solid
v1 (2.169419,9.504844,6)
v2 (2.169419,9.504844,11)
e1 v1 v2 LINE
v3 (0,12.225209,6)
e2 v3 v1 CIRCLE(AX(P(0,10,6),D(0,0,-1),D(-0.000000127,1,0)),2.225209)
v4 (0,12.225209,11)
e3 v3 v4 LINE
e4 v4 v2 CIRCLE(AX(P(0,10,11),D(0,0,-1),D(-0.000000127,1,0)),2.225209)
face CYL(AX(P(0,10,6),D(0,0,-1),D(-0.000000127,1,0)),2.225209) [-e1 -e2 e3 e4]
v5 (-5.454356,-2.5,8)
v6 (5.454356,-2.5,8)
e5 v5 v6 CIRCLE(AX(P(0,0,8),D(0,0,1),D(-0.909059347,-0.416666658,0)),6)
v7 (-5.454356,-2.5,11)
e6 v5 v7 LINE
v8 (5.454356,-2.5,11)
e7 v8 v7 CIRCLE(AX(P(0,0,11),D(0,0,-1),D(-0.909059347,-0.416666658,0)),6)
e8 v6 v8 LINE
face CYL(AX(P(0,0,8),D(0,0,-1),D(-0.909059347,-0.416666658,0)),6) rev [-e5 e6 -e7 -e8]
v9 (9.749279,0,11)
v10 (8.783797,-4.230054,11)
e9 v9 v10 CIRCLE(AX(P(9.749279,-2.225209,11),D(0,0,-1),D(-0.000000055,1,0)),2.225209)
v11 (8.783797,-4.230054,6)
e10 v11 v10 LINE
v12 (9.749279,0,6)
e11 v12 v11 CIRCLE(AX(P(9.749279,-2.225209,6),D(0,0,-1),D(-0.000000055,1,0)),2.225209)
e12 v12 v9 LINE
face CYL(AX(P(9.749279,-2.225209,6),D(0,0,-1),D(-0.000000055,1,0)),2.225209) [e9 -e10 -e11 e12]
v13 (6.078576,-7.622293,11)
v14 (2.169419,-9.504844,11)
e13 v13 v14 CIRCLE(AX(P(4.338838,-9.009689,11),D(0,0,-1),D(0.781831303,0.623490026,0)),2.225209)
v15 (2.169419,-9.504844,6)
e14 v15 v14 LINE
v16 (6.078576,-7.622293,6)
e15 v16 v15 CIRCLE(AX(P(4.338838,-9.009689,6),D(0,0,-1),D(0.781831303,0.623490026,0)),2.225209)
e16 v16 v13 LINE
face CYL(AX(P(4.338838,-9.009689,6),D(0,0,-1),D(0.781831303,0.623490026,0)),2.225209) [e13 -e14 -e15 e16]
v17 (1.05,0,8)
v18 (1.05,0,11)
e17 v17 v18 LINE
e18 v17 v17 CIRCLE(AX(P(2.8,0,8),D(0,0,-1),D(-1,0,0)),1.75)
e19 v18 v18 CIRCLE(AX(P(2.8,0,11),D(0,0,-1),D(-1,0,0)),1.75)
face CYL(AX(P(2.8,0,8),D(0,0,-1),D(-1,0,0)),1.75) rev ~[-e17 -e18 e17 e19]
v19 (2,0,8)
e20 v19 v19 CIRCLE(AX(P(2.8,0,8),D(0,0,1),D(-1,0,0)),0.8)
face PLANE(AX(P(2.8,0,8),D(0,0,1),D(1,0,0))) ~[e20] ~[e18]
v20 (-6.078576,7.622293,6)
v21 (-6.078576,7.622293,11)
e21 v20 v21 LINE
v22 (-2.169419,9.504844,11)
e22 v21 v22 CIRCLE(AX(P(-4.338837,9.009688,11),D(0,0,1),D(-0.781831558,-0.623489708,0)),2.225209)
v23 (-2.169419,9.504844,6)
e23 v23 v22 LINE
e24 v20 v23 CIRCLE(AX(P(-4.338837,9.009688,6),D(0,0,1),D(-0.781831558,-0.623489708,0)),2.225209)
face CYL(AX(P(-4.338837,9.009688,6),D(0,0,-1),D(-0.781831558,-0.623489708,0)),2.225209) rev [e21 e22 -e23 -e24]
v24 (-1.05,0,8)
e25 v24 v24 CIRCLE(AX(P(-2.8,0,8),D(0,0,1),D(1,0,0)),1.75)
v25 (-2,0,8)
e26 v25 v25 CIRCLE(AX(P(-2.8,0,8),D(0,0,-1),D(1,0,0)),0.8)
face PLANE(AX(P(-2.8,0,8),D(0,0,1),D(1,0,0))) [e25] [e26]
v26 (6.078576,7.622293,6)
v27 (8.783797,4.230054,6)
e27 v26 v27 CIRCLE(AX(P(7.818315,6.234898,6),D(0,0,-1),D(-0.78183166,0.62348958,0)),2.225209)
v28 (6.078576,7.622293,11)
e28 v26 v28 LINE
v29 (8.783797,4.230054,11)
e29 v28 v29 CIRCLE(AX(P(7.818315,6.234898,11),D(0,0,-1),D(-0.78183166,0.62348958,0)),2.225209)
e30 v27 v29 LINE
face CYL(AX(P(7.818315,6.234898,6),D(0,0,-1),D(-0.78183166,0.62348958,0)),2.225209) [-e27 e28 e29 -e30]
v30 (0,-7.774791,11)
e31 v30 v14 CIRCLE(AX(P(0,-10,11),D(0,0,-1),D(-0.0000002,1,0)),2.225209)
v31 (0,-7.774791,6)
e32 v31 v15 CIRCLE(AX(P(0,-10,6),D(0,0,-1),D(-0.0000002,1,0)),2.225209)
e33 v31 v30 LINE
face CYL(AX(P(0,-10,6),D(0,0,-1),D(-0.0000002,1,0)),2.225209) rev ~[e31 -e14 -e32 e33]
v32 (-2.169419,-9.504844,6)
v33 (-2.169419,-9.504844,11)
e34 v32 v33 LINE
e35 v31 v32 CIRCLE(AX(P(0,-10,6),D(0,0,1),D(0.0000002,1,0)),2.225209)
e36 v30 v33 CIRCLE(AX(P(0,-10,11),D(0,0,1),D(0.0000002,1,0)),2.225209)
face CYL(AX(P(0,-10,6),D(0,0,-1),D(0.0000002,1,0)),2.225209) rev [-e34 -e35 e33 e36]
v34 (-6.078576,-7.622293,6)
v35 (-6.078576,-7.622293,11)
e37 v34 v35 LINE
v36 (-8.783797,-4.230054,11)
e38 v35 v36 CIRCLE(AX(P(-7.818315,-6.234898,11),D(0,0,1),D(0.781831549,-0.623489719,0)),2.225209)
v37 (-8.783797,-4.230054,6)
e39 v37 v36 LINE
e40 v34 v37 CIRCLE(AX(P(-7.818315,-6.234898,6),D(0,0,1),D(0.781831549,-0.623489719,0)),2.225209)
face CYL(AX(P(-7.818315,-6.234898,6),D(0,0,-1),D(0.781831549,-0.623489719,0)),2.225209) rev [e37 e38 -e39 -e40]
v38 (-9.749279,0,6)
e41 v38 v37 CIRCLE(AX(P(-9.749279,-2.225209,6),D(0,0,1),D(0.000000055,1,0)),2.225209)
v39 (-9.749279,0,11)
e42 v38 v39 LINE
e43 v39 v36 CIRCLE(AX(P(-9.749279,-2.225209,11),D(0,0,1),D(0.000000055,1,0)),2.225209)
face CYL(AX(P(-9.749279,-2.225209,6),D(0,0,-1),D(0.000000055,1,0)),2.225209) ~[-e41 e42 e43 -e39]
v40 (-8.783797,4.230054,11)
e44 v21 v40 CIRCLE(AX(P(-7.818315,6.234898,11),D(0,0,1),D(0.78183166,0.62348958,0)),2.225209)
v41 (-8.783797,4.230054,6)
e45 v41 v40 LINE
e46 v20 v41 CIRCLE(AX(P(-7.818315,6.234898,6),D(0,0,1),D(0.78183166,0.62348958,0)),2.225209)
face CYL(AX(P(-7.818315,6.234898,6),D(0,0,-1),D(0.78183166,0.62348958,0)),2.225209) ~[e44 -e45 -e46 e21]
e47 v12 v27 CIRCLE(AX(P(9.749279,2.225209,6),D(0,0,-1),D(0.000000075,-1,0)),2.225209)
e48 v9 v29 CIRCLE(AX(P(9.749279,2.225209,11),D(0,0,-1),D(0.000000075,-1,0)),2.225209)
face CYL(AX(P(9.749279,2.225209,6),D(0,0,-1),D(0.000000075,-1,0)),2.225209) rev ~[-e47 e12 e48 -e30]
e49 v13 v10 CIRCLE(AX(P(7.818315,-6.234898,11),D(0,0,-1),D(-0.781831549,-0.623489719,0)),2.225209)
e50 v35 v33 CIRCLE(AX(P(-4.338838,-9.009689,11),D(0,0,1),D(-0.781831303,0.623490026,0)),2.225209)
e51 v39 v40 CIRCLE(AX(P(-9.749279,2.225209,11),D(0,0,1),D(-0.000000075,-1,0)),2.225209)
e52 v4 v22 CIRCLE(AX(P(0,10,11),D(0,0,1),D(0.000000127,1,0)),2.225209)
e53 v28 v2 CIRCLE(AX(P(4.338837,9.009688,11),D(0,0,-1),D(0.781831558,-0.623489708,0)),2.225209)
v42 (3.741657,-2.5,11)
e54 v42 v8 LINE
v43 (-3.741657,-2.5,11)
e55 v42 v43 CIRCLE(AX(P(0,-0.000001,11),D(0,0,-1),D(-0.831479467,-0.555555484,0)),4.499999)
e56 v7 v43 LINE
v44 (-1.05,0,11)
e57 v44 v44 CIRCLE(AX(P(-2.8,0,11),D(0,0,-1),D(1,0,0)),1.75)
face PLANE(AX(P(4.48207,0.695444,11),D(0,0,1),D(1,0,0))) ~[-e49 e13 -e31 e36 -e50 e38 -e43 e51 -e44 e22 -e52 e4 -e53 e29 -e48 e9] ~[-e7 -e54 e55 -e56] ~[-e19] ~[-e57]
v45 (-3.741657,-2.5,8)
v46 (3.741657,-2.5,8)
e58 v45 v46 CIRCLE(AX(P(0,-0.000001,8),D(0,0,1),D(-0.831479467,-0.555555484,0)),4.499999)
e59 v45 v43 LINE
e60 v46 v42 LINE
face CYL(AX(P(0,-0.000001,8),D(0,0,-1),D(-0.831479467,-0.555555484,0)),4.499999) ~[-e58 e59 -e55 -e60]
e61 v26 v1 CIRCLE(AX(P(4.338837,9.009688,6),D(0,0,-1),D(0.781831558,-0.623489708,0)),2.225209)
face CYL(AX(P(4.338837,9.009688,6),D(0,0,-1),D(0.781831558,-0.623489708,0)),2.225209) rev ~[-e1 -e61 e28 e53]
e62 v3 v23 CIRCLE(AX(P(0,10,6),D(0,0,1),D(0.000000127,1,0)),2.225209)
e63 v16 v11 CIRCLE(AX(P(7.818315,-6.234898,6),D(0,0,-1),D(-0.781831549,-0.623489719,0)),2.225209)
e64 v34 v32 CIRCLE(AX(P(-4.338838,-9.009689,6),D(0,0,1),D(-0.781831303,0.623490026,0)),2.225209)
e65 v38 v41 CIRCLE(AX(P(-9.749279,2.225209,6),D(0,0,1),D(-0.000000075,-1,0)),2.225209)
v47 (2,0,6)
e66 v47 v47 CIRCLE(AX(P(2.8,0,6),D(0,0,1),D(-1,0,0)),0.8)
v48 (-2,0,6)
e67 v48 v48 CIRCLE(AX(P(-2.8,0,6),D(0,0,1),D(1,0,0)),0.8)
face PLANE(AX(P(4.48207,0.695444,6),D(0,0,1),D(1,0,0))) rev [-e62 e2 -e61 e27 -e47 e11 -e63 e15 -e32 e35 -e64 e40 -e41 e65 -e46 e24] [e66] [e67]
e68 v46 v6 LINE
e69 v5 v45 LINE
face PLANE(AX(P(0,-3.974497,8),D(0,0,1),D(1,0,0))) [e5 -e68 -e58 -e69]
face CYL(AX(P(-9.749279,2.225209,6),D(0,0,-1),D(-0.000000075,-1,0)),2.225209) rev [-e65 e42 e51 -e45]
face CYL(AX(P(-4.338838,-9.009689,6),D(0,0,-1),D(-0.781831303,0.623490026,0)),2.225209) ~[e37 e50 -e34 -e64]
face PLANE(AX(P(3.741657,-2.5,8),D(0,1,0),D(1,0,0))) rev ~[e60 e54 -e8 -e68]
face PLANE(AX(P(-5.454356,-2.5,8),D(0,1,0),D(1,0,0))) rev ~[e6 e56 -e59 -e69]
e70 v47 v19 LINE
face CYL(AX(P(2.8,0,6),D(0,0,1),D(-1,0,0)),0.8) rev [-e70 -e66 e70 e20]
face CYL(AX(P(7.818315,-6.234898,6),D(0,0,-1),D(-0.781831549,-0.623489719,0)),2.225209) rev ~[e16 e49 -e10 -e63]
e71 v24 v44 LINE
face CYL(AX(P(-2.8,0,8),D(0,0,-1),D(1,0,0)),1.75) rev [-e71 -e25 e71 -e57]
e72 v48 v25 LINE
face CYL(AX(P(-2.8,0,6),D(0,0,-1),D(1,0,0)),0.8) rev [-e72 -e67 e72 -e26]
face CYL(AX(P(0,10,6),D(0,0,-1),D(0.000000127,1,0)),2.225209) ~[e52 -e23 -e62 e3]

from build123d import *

# Parameters (mm, degrees)
PAD004_DEPTH         = 5
SKETCH012_R          = 0.8
POCKET006_DEPTH      = 67.792744
POCKET006_DEPTH_BACK = 72.792744
SKETCH013_R          = 1.75
POCKET007_DEPTH      = 70.792744
POCKET009_DEPTH      = 5


with BuildPart() as part:
    # Sketch011 (on DatumPlane) → Pad004 (new body)
    with BuildSketch(Plane.XY.offset(6)):
        with BuildLine():
            ThreePointArc((0, 12.225209), (-1.739739, 11.387395), (-2.169419, 9.504844))
            ThreePointArc((-6.078576, 7.622293), (-3.373355, 7.004844), (-2.169419, 9.504844))
            ThreePointArc((-6.078576, 7.622293), (-9.558054, 7.622293), (-8.783797, 4.230054))
            ThreePointArc((-9.749279, 0), (-7.57986, 1.730054), (-8.783797, 4.230054))
            ThreePointArc((-9.749279, 0), (-11.918698, -2.720365), (-8.783797, -4.230054))
            ThreePointArc((-6.078576, -7.622293), (-6.078576, -4.847503), (-8.783797, -4.230054))
            ThreePointArc((-6.078576, -7.622293), (-5.30432, -11.014533), (-2.169419, -9.504844))
            ThreePointArc((0, -7.774791), (-1.387395, -8.260261), (-2.169419, -9.504844))
            Line((0, 12.225209), (0, -7.774791))
        make_face()
    pad004 = extrude(amount=PAD004_DEPTH)

    # Mirrored003: Pad004 across Sketch011 V_Axis
    add(pad004.mirror(Plane(origin=(0, 0, 6), x_dir=(0, 0, 1), z_dir=(1, 0, 0))))

    # Sketch012 (on DatumPlane) → Pocket006 (cut, two sides)
    with BuildSketch(Plane.XY.offset(6)) as pocket006_sk:
        with Locations((-2.8, 0)):
            Circle(SKETCH012_R)
    pocket006 = extrude(amount=-POCKET006_DEPTH, mode=Mode.SUBTRACT) + extrude(pocket006_sk.sketch, amount=POCKET006_DEPTH_BACK, mode=Mode.SUBTRACT)

    # Sketch013 (on DatumPlane) → Pocket007 (cut, through all)
    with BuildSketch(Plane.XY.offset(8)):
        with Locations((-2.8, 0)):
            Circle(SKETCH013_R)
    pocket007 = extrude(amount=POCKET007_DEPTH, mode=Mode.SUBTRACT)

    # Mirrored004: Pocket006, Pocket007 across Sketch012 V_Axis
    add(pocket006.mirror(Plane(origin=(0, 0, 6), x_dir=(0, 0, 1), z_dir=(1, 0, 0))), mode=Mode.SUBTRACT)
    add(pocket007.mirror(Plane(origin=(0, 0, 6), x_dir=(0, 0, 1), z_dir=(1, 0, 0))), mode=Mode.SUBTRACT)

    # Sketch014 (on DatumPlane) → Pocket009 (cut)
    with BuildSketch(Plane.XY.offset(8)):
        with BuildLine():
            ThreePointArc((-5.454356, -2.5), (0, -6), (5.454356, -2.5))
            Line((3.741657, -2.5), (5.454356, -2.5))
            ThreePointArc((-3.741657, -2.5), (0, -4.5), (3.741657, -2.5))
            Line((-5.454356, -2.5), (-3.741657, -2.5))
        make_face()
    extrude(amount=POCKET009_DEPTH, mode=Mode.SUBTRACT)


solid = part.part
